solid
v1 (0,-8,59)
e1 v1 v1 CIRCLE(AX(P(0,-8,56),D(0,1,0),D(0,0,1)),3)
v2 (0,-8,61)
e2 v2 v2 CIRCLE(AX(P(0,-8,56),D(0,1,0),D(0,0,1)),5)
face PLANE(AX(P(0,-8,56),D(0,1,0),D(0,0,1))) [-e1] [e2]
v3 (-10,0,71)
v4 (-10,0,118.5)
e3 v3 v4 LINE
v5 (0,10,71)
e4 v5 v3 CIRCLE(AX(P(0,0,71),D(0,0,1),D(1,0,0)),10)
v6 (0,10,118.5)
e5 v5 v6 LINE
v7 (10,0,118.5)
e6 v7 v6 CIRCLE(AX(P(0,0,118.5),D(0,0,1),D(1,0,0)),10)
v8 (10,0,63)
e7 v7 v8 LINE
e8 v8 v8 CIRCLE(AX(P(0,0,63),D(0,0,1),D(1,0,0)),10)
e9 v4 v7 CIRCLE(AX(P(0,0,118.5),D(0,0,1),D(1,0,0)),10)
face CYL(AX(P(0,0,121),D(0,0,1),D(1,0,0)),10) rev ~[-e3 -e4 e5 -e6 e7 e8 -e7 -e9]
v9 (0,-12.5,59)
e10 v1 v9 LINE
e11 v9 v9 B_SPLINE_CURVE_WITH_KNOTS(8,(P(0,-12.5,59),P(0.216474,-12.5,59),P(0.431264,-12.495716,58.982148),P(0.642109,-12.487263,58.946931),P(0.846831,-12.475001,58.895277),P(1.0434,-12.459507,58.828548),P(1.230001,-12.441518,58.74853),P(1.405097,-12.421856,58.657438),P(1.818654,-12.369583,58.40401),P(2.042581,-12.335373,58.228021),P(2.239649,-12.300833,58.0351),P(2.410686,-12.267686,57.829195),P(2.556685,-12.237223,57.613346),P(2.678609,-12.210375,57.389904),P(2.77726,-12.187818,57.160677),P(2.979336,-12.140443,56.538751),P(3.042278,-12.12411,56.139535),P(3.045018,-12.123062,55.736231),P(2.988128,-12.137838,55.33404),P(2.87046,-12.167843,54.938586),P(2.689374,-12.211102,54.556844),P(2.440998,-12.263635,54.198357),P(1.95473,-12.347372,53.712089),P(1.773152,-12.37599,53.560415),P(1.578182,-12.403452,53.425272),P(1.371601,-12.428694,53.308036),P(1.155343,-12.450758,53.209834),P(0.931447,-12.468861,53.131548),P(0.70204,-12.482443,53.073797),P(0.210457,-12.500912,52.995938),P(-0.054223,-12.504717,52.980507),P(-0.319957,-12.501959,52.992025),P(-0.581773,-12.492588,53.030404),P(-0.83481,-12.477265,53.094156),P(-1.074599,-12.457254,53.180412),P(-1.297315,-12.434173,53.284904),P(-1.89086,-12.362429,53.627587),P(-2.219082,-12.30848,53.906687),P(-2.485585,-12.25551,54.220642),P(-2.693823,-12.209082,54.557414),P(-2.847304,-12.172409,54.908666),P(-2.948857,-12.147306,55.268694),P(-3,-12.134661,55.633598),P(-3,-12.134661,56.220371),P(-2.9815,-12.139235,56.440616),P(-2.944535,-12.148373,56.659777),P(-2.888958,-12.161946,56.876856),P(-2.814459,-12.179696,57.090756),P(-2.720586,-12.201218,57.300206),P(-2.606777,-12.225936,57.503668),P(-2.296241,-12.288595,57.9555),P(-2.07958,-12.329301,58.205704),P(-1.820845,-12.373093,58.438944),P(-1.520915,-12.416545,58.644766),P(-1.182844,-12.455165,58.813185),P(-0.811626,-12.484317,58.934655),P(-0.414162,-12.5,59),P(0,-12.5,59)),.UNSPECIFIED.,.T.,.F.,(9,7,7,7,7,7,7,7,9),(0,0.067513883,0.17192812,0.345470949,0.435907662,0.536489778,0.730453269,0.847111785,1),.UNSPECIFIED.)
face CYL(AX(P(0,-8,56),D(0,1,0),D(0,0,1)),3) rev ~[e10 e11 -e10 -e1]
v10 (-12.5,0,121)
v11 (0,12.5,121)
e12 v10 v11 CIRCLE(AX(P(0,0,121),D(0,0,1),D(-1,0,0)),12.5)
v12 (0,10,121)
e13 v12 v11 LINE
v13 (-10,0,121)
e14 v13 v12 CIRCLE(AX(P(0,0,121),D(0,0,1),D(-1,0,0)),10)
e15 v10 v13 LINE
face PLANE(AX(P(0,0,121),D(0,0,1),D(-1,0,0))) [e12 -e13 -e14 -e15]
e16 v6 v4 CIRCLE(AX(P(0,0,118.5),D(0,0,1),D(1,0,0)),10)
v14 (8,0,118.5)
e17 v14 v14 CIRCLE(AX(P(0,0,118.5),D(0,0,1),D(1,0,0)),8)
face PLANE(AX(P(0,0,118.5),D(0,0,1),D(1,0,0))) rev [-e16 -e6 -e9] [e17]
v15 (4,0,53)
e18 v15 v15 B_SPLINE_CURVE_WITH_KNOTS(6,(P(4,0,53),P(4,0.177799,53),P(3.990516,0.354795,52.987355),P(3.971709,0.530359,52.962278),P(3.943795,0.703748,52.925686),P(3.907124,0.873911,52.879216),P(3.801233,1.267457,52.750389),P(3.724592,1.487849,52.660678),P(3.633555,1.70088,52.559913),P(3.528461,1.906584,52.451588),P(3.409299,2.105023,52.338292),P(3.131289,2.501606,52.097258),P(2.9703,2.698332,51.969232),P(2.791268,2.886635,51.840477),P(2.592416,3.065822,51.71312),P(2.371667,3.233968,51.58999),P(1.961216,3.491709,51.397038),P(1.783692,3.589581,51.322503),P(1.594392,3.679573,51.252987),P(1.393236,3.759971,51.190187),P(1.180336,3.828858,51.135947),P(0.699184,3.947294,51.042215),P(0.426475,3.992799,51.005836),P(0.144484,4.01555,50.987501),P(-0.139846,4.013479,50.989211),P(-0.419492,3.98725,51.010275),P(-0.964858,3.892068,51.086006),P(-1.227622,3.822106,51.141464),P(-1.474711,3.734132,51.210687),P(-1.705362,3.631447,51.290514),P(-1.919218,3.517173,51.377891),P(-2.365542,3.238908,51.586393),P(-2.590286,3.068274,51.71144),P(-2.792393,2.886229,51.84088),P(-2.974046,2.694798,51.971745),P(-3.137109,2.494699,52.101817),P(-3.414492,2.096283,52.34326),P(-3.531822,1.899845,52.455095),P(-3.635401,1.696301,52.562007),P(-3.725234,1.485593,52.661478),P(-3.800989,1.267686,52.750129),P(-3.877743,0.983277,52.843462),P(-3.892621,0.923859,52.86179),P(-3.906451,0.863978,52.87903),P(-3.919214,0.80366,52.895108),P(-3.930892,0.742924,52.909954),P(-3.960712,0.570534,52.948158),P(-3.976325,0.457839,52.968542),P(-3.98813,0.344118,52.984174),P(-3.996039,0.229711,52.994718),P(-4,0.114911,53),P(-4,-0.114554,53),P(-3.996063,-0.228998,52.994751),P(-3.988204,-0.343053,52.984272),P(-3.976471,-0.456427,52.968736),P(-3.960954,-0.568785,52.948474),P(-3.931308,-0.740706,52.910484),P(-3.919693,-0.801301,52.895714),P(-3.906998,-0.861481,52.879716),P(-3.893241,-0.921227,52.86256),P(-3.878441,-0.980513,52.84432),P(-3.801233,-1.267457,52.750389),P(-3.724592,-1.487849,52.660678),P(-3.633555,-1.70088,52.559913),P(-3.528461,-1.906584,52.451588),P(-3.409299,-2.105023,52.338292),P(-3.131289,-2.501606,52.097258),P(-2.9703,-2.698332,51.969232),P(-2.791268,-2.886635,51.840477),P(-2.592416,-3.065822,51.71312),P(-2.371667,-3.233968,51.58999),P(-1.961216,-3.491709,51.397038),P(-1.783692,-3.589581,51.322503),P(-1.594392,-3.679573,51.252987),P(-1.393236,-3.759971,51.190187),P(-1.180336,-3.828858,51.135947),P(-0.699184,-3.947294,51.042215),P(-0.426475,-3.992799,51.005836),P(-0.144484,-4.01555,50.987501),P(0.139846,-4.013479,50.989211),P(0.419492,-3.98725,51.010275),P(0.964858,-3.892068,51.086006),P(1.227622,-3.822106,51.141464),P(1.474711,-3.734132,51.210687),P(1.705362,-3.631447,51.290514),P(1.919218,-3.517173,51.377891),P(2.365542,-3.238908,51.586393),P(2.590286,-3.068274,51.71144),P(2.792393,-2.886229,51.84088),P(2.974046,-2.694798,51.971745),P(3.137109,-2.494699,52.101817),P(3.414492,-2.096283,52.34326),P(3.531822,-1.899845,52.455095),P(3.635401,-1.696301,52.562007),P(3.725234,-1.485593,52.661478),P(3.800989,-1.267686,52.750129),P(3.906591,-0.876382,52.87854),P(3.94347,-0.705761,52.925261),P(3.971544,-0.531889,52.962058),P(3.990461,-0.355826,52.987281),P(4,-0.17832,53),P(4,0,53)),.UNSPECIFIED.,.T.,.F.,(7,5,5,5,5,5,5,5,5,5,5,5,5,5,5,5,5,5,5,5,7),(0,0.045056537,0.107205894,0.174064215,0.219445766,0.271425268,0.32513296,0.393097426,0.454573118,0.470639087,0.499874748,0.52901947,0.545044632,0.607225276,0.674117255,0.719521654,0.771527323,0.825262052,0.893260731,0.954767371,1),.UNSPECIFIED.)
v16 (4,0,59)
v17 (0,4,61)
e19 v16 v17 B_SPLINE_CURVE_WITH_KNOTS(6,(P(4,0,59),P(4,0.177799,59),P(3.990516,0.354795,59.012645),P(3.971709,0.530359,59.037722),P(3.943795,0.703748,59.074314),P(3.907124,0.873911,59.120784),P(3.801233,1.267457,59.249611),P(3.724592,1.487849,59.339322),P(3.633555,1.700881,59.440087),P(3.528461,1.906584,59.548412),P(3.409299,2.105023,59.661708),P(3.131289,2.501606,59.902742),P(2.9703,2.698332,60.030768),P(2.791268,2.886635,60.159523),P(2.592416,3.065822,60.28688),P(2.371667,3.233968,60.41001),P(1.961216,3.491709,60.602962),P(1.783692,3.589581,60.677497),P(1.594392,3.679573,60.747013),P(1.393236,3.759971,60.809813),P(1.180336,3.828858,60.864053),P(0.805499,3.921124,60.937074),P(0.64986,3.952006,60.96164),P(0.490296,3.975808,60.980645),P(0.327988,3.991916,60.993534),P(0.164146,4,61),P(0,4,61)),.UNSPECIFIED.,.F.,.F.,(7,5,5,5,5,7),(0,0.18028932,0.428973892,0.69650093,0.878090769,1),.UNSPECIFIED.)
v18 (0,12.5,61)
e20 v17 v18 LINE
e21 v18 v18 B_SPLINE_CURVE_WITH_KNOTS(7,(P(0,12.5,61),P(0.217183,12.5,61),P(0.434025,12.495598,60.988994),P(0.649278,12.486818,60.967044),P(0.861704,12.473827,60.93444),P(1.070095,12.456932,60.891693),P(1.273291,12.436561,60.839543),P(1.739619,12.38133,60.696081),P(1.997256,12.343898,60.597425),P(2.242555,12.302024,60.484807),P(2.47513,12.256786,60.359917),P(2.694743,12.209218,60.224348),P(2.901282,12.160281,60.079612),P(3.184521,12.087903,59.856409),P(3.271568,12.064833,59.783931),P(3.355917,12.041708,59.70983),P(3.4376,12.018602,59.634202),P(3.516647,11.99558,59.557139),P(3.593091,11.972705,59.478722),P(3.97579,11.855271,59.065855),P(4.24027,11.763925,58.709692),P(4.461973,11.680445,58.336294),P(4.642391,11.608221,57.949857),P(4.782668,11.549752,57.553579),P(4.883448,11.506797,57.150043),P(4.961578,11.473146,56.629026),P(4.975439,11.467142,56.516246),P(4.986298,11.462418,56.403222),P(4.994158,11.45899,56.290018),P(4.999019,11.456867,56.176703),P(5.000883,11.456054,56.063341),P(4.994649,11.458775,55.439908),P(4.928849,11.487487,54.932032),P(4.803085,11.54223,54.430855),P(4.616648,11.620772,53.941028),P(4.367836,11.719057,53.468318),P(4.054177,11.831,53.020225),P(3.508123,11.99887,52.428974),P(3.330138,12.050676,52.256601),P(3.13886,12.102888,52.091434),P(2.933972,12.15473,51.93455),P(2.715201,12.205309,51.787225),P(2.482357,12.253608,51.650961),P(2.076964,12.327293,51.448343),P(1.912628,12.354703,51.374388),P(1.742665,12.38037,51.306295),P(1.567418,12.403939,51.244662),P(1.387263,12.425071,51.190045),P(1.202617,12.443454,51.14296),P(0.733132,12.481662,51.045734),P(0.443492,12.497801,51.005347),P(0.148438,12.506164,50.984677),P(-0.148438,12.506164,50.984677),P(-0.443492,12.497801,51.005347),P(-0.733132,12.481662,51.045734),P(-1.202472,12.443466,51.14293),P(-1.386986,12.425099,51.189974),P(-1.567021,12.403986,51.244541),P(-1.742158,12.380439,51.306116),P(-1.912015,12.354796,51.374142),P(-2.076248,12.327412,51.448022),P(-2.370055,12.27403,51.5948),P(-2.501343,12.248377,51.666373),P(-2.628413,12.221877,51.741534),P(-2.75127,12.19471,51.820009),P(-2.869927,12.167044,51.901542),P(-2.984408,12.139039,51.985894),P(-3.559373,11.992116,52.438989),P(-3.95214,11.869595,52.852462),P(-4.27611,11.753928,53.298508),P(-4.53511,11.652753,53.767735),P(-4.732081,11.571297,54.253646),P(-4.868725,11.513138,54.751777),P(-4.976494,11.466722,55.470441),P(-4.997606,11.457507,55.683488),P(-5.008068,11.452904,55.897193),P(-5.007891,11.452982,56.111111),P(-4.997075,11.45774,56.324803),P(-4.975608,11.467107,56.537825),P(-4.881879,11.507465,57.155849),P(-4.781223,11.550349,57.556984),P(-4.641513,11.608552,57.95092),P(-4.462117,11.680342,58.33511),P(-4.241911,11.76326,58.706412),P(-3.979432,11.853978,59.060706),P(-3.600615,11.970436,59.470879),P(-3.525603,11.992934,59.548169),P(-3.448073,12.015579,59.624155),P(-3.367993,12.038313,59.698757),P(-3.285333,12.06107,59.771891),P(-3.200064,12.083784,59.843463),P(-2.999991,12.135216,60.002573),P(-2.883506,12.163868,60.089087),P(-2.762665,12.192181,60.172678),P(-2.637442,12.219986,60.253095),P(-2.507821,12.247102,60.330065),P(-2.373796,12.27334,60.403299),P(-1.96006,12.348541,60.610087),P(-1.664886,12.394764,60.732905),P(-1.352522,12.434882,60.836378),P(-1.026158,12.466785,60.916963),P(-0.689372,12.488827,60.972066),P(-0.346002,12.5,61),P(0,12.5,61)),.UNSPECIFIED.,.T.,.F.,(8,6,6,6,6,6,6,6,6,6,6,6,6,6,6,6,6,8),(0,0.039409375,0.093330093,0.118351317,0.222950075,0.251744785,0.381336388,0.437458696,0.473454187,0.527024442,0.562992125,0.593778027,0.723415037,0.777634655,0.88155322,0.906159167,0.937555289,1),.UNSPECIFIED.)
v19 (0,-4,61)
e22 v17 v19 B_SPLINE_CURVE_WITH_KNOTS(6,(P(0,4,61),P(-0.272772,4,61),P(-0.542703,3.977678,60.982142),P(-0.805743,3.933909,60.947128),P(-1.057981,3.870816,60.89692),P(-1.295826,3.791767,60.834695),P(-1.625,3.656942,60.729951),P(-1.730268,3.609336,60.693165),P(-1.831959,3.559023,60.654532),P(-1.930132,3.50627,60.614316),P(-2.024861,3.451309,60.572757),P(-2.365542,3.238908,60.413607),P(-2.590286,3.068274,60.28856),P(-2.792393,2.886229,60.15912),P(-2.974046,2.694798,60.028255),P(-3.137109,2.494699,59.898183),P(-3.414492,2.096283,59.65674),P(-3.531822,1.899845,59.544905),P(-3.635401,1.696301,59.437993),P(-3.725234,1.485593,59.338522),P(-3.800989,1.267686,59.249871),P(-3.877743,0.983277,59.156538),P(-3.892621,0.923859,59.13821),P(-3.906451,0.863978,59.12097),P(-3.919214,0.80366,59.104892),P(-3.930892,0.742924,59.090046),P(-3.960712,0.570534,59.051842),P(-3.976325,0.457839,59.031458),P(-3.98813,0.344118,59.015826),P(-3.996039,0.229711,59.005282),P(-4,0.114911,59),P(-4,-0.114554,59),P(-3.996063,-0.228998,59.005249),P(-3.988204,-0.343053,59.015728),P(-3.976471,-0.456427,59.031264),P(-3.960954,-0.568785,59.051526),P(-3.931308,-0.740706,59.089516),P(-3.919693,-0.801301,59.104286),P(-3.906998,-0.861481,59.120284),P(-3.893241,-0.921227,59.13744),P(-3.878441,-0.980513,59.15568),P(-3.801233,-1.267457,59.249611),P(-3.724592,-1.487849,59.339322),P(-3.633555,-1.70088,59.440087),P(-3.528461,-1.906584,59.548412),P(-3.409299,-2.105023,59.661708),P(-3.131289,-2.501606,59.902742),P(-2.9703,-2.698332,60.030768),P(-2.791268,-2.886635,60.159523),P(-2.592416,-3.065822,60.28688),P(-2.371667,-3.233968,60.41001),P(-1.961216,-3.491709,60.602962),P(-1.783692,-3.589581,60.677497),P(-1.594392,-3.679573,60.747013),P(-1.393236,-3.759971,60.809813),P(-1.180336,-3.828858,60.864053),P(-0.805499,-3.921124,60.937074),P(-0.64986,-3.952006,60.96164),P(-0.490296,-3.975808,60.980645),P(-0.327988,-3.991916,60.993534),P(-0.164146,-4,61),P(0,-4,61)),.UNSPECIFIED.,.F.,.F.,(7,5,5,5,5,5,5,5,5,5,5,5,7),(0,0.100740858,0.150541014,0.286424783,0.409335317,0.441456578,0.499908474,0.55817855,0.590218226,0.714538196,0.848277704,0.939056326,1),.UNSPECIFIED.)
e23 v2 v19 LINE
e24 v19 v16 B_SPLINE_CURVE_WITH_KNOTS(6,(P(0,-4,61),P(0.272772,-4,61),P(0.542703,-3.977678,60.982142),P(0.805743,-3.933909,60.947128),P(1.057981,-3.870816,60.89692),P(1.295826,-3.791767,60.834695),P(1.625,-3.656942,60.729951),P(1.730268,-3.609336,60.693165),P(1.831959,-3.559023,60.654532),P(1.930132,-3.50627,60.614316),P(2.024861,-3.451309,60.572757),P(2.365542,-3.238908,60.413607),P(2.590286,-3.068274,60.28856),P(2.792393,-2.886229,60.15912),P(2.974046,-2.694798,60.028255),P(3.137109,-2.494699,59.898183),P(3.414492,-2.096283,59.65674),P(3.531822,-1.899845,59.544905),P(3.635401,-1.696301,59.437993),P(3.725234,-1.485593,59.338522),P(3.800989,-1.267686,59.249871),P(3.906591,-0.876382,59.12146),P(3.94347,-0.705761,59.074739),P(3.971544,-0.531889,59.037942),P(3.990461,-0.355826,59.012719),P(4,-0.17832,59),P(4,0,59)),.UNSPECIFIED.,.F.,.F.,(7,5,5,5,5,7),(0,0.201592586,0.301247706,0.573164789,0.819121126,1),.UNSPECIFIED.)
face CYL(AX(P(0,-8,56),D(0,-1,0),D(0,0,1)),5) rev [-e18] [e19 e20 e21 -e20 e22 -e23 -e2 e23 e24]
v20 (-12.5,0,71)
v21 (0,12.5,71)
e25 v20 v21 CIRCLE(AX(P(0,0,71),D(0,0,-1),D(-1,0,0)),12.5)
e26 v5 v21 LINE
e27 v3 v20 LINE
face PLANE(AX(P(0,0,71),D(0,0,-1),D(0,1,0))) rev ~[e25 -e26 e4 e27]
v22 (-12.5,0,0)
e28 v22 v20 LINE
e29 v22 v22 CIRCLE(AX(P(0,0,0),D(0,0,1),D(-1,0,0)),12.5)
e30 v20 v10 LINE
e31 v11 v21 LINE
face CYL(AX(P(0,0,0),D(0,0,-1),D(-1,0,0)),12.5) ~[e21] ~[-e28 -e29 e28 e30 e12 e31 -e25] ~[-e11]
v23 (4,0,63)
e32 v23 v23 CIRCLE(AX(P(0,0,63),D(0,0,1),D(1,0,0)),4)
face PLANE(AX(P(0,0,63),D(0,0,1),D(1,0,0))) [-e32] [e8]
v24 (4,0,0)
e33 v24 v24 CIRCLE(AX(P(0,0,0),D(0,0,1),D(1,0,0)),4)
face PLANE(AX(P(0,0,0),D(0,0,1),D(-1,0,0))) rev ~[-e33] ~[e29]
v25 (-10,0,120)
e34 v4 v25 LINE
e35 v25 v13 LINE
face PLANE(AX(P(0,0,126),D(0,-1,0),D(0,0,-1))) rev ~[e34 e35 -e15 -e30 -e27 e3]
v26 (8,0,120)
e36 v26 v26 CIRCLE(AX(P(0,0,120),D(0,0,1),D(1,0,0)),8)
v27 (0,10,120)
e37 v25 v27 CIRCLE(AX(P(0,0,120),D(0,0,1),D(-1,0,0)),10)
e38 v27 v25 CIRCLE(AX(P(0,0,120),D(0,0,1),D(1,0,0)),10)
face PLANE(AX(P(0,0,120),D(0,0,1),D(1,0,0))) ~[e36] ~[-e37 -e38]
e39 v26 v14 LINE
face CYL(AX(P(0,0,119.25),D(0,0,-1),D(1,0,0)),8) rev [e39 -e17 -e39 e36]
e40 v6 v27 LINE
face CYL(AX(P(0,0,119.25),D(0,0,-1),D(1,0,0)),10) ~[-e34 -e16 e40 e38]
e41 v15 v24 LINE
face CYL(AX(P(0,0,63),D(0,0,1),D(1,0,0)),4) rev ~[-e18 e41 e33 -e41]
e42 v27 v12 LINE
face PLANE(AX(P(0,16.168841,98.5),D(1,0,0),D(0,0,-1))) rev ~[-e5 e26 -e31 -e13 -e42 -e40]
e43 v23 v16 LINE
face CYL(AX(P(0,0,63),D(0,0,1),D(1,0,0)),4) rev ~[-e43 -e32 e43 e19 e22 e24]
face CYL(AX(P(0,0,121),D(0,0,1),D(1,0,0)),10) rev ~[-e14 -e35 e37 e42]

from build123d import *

# Parameters (mm, degrees)
ESQUISSE1_R                  = 12.5
BASE_EXTRUSION_DEPTH         = 121
ESQUISSE2_R                  = 10
ENL_V_MAT_EXTRU_1_DEPTH      = 58
ESQUISSE3_R                  = 4
ENL_V_MAT_EXTRU_2_DEPTH      = 66.433172015
ENL_V_MAT_EXTRU_3_DEPTH      = 15
ENL_V_MAT_EXTRU_3_DEPTH_BACK = 8
ESQUISSE4_R                  = 5
ESQUISSE5_R                  = 3
ENL_V_MAT_EXTRU_4_DEPTH      = 124.35923164
ESQUISSE9_W                  = 55
ESQUISSE9_H                  = 32.337681811
ENL_V_MAT_EXTRU_6_DEPTH      = 123.284504453
ESQUISSE6_W                  = 1.5
ESQUISSE6_H                  = 2


with BuildPart() as part:
    # Esquisse1 → Base-Extrusion (new body)
    with BuildSketch(Plane.XY):
        with Locations(Location((0, 0, 0), (0, 0, 180))):
            Circle(ESQUISSE1_R)
    extrude(amount=BASE_EXTRUSION_DEPTH)

    # Esquisse2 → Enlèv. mat.-Extru.1 (cut)
    with BuildSketch(Plane.XY.offset(121)):
        Circle(ESQUISSE2_R)
    extrude(amount=-ENL_V_MAT_EXTRU_1_DEPTH, mode=Mode.SUBTRACT)

    # Esquisse3 → Enlèv. mat.-Extru.2 (cut, through all)
    with BuildSketch(Plane.XY.offset(63)):
        Circle(ESQUISSE3_R)
    extrude(amount=-ENL_V_MAT_EXTRU_2_DEPTH, mode=Mode.SUBTRACT)

    # Esquisse4 → Enlèv. mat.-Extru.3 (cut, two sides: drawn at the far end of the back side and taken through both)
    with BuildSketch(Plane(origin=(0, 0, 0), x_dir=(-1, 0, 0), z_dir=(0, 1, 0)).offset(-ENL_V_MAT_EXTRU_3_DEPTH_BACK)):
        with Locations(Location((0, 56, 0), (0, 0, 90))):
            Circle(ESQUISSE4_R)
    extrude(amount=ENL_V_MAT_EXTRU_3_DEPTH + ENL_V_MAT_EXTRU_3_DEPTH_BACK, mode=Mode.SUBTRACT)

    # Esquisse5 → Enlèv. mat.-Extru.4 (cut, through all)
    with BuildSketch(Plane(origin=(0, -8, 0), x_dir=(-1, 0, 0), z_dir=(0, 1, 0))):
        with Locations(Location((0, 56, 0), (0, 0, 90))):
            Circle(ESQUISSE5_R)
    extrude(amount=-ENL_V_MAT_EXTRU_4_DEPTH, mode=Mode.SUBTRACT)

    # Esquisse9 → Enlèv. mat.-Extru.6 (cut, through all)
    with BuildSketch(Plane(origin=(0, 0, 0), x_dir=(0, 0, -1), z_dir=(1, 0, 0))):
        with Locations((-98.5, 16.168840906)):
            Rectangle(ESQUISSE9_W, ESQUISSE9_H)
    extrude(amount=-ENL_V_MAT_EXTRU_6_DEPTH, mode=Mode.SUBTRACT)

    # Esquisse6 → Anneau élastique (revolve)
    with BuildSketch(Plane(origin=(0, 0, 0), x_dir=(0, 0, -1), z_dir=(1, 0, 0)), mode=Mode.PRIVATE) as anneau_lastique_sk:
        with Locations((-119.25, 9)):
            Rectangle(ESQUISSE6_W, ESQUISSE6_H)
    revolve(anneau_lastique_sk.sketch.rotate(Axis((0, 0, -6.276986183), (0, 0, 1)), 270), axis=Axis((0, 0, -6.276986183), (0, 0, 1)))


solid = part.part
